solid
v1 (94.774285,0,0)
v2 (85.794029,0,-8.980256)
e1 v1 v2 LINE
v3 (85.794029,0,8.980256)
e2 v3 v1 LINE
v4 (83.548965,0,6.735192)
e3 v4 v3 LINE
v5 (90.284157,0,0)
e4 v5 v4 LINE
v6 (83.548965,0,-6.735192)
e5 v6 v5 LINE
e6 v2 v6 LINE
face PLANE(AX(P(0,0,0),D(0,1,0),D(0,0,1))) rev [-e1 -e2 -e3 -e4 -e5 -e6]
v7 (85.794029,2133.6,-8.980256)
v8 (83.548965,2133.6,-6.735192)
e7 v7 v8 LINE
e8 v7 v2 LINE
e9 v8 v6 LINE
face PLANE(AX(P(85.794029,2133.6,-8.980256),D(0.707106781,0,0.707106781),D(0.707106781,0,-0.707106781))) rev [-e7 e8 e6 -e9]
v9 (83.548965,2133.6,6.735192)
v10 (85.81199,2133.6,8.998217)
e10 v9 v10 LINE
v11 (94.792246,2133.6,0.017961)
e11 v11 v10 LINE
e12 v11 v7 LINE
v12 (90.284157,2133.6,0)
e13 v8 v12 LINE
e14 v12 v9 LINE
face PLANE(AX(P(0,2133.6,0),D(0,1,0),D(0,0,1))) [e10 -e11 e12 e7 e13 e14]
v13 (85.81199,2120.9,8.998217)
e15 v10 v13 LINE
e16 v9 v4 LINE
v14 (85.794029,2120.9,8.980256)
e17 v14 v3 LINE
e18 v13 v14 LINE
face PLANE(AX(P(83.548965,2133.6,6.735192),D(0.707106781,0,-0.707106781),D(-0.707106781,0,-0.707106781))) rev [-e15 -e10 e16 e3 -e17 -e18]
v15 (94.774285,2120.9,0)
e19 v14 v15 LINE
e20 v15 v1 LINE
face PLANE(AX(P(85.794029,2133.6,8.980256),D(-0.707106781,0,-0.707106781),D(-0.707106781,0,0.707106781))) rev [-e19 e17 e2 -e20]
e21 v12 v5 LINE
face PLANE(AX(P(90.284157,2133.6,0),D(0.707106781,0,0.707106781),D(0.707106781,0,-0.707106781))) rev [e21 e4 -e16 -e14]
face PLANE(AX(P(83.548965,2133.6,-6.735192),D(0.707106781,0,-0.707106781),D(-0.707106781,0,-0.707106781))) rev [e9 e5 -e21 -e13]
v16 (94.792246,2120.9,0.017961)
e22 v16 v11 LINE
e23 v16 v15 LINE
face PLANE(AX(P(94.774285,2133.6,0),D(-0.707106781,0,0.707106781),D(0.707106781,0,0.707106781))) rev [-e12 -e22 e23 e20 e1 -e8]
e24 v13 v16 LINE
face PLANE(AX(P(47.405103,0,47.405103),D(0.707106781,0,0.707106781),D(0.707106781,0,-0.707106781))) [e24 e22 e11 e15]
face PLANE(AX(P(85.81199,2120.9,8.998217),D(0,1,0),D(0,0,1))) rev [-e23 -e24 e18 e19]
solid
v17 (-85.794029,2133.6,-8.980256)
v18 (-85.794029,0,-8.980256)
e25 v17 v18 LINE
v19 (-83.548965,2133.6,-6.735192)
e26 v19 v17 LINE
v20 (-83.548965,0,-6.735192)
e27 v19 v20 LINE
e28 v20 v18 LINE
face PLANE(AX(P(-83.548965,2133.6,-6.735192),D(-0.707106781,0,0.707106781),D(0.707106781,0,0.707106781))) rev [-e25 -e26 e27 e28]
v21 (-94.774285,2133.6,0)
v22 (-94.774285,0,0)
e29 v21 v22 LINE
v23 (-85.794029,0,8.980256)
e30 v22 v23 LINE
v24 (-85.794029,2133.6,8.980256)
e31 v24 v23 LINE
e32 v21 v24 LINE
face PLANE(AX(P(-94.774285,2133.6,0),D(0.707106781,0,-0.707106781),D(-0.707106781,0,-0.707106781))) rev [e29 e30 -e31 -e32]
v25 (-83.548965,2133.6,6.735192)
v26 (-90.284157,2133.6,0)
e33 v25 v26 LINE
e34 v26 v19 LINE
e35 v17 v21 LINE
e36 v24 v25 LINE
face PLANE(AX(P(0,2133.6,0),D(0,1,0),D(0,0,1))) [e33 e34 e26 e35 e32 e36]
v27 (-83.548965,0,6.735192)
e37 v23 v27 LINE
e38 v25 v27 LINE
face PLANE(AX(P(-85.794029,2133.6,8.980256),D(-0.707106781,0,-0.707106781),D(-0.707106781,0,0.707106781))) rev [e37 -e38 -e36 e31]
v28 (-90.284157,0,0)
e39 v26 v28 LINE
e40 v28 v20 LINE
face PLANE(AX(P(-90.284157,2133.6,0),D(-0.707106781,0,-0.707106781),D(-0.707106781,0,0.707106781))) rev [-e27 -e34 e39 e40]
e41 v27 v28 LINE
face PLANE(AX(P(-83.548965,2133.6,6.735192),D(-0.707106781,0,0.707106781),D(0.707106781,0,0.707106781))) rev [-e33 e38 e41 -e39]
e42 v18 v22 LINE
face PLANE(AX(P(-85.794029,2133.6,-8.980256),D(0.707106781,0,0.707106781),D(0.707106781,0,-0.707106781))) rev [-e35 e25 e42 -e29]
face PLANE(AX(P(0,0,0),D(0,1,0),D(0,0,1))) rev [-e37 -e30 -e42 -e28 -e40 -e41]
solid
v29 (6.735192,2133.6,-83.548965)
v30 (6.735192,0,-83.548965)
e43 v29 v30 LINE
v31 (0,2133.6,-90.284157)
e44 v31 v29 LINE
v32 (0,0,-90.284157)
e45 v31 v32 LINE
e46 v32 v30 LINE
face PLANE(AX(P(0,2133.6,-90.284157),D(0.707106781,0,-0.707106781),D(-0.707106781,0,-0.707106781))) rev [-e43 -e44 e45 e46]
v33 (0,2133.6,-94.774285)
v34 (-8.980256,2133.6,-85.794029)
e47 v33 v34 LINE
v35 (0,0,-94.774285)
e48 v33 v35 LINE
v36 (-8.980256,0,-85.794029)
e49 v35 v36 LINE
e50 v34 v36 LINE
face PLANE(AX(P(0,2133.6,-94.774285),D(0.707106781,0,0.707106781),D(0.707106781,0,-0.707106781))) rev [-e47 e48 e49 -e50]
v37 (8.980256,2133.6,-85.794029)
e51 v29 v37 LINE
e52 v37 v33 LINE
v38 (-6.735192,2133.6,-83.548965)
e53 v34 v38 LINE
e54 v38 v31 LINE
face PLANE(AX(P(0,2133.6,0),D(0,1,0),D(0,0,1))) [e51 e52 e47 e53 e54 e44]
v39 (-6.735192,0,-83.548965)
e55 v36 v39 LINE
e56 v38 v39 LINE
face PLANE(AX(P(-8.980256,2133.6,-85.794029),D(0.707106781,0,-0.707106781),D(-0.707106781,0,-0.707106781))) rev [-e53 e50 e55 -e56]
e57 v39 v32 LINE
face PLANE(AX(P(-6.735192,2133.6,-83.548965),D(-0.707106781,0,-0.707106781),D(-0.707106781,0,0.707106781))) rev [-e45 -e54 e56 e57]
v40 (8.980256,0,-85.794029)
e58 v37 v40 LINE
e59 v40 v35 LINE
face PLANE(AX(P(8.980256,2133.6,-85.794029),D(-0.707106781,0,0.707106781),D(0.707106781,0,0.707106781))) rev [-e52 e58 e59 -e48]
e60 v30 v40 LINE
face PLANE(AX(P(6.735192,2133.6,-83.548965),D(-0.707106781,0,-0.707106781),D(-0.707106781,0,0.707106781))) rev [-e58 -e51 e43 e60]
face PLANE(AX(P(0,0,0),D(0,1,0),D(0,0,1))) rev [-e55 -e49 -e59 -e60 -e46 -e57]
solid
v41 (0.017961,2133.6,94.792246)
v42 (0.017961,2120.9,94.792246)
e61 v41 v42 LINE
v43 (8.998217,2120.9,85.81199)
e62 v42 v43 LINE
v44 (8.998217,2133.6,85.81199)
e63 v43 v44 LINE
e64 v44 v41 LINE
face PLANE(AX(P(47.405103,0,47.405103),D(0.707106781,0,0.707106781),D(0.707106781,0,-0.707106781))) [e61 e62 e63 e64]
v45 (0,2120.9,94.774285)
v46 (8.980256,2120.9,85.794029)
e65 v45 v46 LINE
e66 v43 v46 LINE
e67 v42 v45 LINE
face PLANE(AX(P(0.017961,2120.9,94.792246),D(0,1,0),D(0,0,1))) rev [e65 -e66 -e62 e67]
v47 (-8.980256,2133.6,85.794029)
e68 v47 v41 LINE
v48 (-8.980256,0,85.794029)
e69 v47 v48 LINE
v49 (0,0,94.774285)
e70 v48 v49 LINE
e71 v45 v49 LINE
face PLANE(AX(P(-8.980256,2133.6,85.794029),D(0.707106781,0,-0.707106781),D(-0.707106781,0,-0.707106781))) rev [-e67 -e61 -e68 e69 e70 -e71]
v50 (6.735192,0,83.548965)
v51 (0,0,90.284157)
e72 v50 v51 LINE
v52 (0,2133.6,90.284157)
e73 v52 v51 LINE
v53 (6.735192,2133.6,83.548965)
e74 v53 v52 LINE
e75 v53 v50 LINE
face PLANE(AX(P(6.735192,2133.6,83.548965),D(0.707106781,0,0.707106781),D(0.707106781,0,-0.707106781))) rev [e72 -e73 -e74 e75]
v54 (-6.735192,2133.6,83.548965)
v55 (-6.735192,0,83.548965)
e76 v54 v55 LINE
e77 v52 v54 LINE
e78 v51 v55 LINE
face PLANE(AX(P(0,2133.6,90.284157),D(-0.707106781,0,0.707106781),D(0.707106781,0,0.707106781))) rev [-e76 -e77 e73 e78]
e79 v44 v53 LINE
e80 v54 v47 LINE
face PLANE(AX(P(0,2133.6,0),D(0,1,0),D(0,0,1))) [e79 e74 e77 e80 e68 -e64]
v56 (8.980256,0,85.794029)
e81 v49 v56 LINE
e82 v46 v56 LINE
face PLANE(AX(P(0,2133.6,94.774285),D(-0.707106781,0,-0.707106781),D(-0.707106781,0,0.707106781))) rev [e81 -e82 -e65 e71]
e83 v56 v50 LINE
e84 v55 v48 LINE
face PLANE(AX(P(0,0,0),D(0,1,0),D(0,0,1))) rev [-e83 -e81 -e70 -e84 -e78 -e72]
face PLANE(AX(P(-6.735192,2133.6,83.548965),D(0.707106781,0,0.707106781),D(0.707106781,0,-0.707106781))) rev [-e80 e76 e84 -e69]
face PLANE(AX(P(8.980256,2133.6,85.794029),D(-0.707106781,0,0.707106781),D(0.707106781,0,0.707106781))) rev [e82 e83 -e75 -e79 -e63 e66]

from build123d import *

# Parameters (mm, degrees)
BOSS_EXTRUDE1_DEPTH   = 2133.6
BOSS_EXTRUDE1_2_DEPTH = 2133.6
BOSS_EXTRUDE1_3_DEPTH = 2133.6
BOSS_EXTRUDE1_4_DEPTH = 2133.6
SKETCH3_W             = 12.7
SKETCH3_H             = 12.7
BOSS_EXTRUDE2_DEPTH   = 0.0254
SKETCH4_W             = 12.7
SKETCH4_H             = 12.7
BOSS_EXTRUDE3_DEPTH   = 0.0254


with BuildPart() as part:
    # Sketch2 → Boss-Extrude1 (new body)
    with BuildSketch(Plane(origin=(0, 0, 0), x_dir=(1, 0, 0), z_dir=(0, 1, 0))):
        Polygon((0, 94.77428536), (-8.980256121, 85.794029239), (-6.735192091, 83.548965209), (0, 90.2841573), (6.735192091, 83.548965209), (8.980256121, 85.794029239), align=None)
    extrude(amount=BOSS_EXTRUDE1_DEPTH)


with BuildPart() as body_2:
    # Sketch2 → Boss-Extrude1 2 (new body)
    with BuildSketch(Plane(origin=(0, 0, 0), x_dir=(1, 0, 0), z_dir=(0, 1, 0))):
        Polygon((94.77428536, 0), (85.794029239, 8.980256121), (83.548965209, 6.735192091), (90.2841573, 0), (83.548965209, -6.735192091), (85.794029239, -8.980256121), align=None)
    extrude(amount=BOSS_EXTRUDE1_2_DEPTH)

    # Sketch4 → Boss-Extrude3 (add)
    with BuildSketch(Plane(origin=(47.38714268, 0, 47.38714268), x_dir=(0.707106781, 0, -0.707106781), z_dir=(0.707106781, 0, 0.707106781))):
        with Locations((60.66553986, 2127.25)):
            Rectangle(SKETCH4_W, SKETCH4_H)
    extrude(amount=BOSS_EXTRUDE3_DEPTH)


with BuildPart() as body_3:
    # Sketch2 → Boss-Extrude1 3 (new body)
    with BuildSketch(Plane(origin=(0, 0, 0), x_dir=(1, 0, 0), z_dir=(0, 1, 0))):
        Polygon((0, -94.77428536), (8.980256121, -85.794029239), (6.735192091, -83.548965209), (0, -90.2841573), (-6.735192091, -83.548965209), (-8.980256121, -85.794029239), align=None)
    extrude(amount=BOSS_EXTRUDE1_3_DEPTH)

    # Sketch3 → Boss-Extrude2 (add)
    with BuildSketch(Plane(origin=(47.38714268, 0, 47.38714268), x_dir=(0.707106781, 0, -0.707106781), z_dir=(0.707106781, 0, 0.707106781))):
        with Locations((-60.66553986, 2127.25)):
            Rectangle(SKETCH3_W, SKETCH3_H)
    extrude(amount=BOSS_EXTRUDE2_DEPTH)


with BuildPart() as body_4:
    # Sketch2 → Boss-Extrude1 4 (new body)
    with BuildSketch(Plane(origin=(0, 0, 0), x_dir=(1, 0, 0), z_dir=(0, 1, 0))):
        Polygon((-94.77428536, 0), (-85.794029239, -8.980256121), (-83.548965209, -6.735192091), (-90.2841573, 0), (-83.548965209, 6.735192091), (-85.794029239, 8.980256121), align=None)
    extrude(amount=BOSS_EXTRUDE1_4_DEPTH)


solid = Compound([part.part, body_2.part, body_3.part, body_4.part])
